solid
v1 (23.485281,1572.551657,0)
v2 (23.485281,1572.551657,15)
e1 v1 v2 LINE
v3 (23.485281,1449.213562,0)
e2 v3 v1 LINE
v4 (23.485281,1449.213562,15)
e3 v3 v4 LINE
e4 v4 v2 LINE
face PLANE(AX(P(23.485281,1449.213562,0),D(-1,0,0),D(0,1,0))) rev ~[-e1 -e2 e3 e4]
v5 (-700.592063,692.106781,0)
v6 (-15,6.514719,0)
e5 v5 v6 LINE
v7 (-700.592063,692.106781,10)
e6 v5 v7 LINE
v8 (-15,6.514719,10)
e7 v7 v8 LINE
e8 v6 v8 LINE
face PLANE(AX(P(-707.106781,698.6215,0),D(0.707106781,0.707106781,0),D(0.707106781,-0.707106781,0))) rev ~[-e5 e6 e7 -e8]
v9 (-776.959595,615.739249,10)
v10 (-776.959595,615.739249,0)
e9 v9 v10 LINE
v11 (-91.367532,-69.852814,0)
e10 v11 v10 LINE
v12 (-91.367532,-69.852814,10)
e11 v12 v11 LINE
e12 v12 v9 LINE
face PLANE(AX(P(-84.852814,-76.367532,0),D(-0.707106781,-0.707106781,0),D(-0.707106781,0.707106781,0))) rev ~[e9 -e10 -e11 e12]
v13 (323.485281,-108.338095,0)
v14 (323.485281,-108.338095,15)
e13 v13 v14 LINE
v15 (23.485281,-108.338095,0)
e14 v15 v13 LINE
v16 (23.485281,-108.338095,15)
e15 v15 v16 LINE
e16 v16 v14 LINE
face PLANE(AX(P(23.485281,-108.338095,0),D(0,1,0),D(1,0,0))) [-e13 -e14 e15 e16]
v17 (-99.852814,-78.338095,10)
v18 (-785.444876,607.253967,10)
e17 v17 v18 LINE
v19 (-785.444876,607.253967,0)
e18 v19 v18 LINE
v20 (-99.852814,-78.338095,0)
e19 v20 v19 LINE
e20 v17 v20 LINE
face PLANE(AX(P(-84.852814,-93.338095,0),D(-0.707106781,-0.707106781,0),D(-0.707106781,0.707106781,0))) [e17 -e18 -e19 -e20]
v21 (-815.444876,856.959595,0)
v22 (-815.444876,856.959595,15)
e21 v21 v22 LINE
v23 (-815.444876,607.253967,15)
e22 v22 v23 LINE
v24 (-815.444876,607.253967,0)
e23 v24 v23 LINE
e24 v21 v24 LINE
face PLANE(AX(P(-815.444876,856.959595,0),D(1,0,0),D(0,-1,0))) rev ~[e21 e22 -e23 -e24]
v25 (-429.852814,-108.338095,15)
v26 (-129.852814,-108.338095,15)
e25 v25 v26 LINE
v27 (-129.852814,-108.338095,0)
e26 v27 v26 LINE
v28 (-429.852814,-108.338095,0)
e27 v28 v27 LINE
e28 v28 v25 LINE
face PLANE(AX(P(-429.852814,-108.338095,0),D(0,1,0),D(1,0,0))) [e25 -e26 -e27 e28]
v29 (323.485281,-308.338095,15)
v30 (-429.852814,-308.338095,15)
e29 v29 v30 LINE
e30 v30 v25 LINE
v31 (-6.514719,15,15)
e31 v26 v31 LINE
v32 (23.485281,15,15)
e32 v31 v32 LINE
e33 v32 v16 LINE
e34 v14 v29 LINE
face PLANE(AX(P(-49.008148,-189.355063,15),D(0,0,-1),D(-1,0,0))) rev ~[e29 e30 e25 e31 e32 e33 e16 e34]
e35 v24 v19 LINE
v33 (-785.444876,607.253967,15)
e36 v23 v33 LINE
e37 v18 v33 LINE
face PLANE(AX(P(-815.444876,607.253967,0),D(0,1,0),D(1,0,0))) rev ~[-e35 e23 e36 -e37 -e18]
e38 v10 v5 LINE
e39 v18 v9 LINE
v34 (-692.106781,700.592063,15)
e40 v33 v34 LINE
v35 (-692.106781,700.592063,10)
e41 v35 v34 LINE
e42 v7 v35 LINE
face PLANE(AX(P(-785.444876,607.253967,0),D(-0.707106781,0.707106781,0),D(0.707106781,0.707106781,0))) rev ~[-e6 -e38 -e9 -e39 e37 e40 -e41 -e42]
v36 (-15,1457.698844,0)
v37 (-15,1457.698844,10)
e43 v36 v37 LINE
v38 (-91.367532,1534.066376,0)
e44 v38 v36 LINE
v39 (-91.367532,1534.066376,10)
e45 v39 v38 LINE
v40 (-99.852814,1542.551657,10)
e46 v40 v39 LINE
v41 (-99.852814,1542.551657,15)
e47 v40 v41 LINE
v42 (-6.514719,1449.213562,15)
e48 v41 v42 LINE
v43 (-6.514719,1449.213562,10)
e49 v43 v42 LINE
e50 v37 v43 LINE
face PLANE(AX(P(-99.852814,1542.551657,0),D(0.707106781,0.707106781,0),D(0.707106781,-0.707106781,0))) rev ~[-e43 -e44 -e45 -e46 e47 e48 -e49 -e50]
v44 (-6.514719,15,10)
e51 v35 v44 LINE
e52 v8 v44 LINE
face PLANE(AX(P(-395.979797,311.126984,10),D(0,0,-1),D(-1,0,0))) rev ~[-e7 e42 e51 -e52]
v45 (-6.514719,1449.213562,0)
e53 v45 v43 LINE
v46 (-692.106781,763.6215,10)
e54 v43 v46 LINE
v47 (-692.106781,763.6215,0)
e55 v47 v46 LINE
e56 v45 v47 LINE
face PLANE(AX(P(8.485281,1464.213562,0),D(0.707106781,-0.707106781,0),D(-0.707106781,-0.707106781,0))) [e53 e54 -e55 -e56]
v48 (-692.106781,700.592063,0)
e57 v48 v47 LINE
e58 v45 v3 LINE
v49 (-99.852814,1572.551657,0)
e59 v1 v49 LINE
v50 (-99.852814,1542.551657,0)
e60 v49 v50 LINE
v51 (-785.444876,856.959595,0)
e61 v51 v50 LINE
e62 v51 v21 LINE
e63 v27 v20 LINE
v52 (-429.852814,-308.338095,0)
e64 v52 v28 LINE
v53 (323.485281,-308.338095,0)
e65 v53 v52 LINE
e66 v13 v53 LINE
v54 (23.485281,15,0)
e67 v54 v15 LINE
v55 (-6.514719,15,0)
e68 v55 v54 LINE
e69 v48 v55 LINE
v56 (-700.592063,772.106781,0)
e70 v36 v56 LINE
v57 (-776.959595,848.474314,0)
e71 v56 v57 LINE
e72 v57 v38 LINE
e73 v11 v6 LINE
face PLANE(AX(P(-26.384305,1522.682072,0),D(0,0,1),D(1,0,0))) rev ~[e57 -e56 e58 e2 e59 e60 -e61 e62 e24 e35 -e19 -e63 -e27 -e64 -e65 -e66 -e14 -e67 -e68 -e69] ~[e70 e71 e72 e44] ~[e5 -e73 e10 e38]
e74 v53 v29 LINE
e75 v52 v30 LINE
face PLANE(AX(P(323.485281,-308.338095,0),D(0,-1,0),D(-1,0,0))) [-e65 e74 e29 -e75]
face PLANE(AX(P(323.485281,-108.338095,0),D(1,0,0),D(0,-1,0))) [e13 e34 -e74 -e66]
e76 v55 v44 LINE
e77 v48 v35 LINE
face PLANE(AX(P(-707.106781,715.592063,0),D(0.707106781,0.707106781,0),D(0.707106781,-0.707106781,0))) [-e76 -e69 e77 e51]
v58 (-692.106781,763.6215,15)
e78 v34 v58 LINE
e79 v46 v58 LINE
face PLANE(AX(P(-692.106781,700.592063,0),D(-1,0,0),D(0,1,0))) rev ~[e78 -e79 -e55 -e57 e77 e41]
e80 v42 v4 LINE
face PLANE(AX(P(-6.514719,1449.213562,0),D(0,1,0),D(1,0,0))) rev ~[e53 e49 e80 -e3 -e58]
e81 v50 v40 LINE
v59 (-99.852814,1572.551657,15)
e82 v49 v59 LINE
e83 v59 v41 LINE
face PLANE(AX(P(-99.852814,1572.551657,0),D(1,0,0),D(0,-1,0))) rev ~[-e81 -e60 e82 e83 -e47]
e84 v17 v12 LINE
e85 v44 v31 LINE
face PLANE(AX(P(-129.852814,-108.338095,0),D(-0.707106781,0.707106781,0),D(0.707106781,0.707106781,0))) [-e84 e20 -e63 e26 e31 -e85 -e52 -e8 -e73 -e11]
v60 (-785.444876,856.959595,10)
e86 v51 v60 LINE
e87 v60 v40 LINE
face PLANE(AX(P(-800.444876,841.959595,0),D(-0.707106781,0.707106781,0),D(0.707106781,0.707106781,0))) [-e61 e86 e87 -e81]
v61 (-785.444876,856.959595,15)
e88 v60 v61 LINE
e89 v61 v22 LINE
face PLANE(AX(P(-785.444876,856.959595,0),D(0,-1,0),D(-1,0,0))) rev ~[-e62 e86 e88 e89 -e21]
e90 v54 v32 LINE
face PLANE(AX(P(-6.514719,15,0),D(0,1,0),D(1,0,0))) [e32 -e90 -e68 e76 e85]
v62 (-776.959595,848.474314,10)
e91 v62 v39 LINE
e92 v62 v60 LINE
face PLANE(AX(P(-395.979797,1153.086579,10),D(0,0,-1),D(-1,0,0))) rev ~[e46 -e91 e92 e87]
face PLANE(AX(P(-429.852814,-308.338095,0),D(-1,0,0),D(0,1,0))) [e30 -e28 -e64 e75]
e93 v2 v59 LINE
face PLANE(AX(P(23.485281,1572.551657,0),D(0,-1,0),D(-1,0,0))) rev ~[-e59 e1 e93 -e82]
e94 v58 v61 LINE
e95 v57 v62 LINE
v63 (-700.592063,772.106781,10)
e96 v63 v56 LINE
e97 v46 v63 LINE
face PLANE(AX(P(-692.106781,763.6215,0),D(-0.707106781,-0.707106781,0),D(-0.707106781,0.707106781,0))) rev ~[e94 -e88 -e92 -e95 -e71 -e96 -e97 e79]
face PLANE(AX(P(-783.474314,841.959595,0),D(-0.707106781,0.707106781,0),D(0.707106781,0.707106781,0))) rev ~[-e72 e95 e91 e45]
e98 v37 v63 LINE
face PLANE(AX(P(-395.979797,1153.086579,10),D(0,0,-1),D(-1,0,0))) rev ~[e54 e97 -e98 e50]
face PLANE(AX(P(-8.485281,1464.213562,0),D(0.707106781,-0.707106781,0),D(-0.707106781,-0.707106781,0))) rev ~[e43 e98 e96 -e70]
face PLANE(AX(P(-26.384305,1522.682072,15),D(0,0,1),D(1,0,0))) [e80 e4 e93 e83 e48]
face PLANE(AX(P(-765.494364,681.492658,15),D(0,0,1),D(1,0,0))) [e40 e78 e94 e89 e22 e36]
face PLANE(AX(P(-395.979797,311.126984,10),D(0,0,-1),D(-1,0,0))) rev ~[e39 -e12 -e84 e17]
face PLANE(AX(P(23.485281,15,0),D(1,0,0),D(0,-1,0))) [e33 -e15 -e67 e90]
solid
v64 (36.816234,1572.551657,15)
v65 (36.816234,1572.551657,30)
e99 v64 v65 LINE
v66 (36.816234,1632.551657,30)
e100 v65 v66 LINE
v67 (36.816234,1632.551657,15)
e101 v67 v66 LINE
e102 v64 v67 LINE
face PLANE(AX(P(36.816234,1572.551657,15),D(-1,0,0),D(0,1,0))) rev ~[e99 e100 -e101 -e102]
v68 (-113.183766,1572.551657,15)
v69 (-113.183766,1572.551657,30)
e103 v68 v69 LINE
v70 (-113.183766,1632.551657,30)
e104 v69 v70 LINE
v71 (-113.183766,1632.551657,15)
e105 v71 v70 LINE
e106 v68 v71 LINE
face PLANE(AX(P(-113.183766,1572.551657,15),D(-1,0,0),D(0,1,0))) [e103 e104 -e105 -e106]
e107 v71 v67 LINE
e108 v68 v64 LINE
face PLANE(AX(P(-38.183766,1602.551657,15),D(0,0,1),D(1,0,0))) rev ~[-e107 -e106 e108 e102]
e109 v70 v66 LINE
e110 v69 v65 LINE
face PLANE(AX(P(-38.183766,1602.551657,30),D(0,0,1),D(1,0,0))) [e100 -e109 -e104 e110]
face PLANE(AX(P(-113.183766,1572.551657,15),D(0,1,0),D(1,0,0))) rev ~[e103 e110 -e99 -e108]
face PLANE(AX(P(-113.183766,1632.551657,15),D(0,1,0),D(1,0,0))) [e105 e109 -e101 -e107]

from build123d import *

# Parameters (mm, degrees)
EXTRUDE_THIN1_DEPTH   = 10
EXTRUDE_THIN1_2_DEPTH = 10
BOSS_EXTRUDE1_DEPTH   = 15
BOSS_EXTRUDE2_DEPTH   = 15
BOSS_EXTRUDE3_DEPTH   = 15
SKETCH5_W             = 150
SKETCH5_H             = 60
BOSS_EXTRUDE4_DEPTH   = 15


with BuildPart() as part:
    # Sketch1 → Extrude-Thin1 (new body)
    with BuildSketch(Plane.XY):
        Polygon((-707.106781187, 715.592062561), (8.485281374, 0), (-84.852813742, -93.338095117), (-800.444876303, 622.253967444), align=None)
        Polygon((-707.106781187, 698.621499812), (-8.485281374, 0), (-84.852813742, -76.367532368), (-783.474313555, 622.253967444), align=None, mode=Mode.SUBTRACT)
    extrude(amount=EXTRUDE_THIN1_DEPTH)



with BuildPart() as body_2:
    # Sketch1 → Extrude-Thin1 2 (new body)
    with BuildSketch(Plane.XY):
        Polygon((8.485281374, 1464.213562373), (-707.106781187, 748.621499812), (-800.444876303, 841.959594929), (-84.852813742, 1557.55165749), align=None)
        Polygon((-8.485281374, 1464.213562373), (-707.106781187, 765.592062561), (-783.474313555, 841.959594929), (-84.852813742, 1540.581094741), align=None, mode=Mode.SUBTRACT)
    extrude(amount=EXTRUDE_THIN1_2_DEPTH)


with BuildPart() as part_1:
    add(part.part)

    add(body_2.part)  # Boss-Extrude1 merges body 2
    # Sketch2 → Boss-Extrude1 (add)
    with BuildSketch(Plane.XY):
        Polygon((-692.106781187, 732.106781187), (-815.444876303, 732.106781187), (-815.444876303, 607.253967444), (-785.444876303, 607.253967444), (-692.106781187, 700.592062561), align=None)
        Polygon((-785.444876303, 856.959594929), (-815.444876303, 856.959594929), (-815.444876303, 732.106781187), (-692.106781187, 732.106781187), (-692.106781187, 763.621499812), align=None)
    extrude(amount=BOSS_EXTRUDE1_DEPTH)

    # Sketch3 → Boss-Extrude2 (add)
    with BuildSketch(Plane.XY):
        Polygon((-129.852813742, -108.338095117), (-6.514718626, 15), (23.485281374, 15), (23.485281374, -108.338095117), (323.485281374, -108.338095117), (323.485281374, -308.338095117), (-429.852813742, -308.338095117), (-429.852813742, -108.338095117), align=None)
    extrude(amount=BOSS_EXTRUDE2_DEPTH)

    # Sketch4 → Boss-Extrude3 (add)
    with BuildSketch(Plane.XY):
        Polygon((-99.852813742, 1572.55165749), (-99.852813742, 1542.55165749), (-6.514718626, 1449.213562373), (23.485281374, 1449.213562373), (23.485281374, 1572.55165749), align=None)
    extrude(amount=BOSS_EXTRUDE3_DEPTH)


with BuildPart() as body_2_2:
    # Sketch5 → Boss-Extrude4 (new body)
    with BuildSketch(Plane.XY.offset(15)):
        with Locations((-38.183766184, 1602.55165749)):
            Rectangle(SKETCH5_W, SKETCH5_H)
    extrude(amount=BOSS_EXTRUDE4_DEPTH)


solid = Compound([part_1.part, body_2_2.part])
